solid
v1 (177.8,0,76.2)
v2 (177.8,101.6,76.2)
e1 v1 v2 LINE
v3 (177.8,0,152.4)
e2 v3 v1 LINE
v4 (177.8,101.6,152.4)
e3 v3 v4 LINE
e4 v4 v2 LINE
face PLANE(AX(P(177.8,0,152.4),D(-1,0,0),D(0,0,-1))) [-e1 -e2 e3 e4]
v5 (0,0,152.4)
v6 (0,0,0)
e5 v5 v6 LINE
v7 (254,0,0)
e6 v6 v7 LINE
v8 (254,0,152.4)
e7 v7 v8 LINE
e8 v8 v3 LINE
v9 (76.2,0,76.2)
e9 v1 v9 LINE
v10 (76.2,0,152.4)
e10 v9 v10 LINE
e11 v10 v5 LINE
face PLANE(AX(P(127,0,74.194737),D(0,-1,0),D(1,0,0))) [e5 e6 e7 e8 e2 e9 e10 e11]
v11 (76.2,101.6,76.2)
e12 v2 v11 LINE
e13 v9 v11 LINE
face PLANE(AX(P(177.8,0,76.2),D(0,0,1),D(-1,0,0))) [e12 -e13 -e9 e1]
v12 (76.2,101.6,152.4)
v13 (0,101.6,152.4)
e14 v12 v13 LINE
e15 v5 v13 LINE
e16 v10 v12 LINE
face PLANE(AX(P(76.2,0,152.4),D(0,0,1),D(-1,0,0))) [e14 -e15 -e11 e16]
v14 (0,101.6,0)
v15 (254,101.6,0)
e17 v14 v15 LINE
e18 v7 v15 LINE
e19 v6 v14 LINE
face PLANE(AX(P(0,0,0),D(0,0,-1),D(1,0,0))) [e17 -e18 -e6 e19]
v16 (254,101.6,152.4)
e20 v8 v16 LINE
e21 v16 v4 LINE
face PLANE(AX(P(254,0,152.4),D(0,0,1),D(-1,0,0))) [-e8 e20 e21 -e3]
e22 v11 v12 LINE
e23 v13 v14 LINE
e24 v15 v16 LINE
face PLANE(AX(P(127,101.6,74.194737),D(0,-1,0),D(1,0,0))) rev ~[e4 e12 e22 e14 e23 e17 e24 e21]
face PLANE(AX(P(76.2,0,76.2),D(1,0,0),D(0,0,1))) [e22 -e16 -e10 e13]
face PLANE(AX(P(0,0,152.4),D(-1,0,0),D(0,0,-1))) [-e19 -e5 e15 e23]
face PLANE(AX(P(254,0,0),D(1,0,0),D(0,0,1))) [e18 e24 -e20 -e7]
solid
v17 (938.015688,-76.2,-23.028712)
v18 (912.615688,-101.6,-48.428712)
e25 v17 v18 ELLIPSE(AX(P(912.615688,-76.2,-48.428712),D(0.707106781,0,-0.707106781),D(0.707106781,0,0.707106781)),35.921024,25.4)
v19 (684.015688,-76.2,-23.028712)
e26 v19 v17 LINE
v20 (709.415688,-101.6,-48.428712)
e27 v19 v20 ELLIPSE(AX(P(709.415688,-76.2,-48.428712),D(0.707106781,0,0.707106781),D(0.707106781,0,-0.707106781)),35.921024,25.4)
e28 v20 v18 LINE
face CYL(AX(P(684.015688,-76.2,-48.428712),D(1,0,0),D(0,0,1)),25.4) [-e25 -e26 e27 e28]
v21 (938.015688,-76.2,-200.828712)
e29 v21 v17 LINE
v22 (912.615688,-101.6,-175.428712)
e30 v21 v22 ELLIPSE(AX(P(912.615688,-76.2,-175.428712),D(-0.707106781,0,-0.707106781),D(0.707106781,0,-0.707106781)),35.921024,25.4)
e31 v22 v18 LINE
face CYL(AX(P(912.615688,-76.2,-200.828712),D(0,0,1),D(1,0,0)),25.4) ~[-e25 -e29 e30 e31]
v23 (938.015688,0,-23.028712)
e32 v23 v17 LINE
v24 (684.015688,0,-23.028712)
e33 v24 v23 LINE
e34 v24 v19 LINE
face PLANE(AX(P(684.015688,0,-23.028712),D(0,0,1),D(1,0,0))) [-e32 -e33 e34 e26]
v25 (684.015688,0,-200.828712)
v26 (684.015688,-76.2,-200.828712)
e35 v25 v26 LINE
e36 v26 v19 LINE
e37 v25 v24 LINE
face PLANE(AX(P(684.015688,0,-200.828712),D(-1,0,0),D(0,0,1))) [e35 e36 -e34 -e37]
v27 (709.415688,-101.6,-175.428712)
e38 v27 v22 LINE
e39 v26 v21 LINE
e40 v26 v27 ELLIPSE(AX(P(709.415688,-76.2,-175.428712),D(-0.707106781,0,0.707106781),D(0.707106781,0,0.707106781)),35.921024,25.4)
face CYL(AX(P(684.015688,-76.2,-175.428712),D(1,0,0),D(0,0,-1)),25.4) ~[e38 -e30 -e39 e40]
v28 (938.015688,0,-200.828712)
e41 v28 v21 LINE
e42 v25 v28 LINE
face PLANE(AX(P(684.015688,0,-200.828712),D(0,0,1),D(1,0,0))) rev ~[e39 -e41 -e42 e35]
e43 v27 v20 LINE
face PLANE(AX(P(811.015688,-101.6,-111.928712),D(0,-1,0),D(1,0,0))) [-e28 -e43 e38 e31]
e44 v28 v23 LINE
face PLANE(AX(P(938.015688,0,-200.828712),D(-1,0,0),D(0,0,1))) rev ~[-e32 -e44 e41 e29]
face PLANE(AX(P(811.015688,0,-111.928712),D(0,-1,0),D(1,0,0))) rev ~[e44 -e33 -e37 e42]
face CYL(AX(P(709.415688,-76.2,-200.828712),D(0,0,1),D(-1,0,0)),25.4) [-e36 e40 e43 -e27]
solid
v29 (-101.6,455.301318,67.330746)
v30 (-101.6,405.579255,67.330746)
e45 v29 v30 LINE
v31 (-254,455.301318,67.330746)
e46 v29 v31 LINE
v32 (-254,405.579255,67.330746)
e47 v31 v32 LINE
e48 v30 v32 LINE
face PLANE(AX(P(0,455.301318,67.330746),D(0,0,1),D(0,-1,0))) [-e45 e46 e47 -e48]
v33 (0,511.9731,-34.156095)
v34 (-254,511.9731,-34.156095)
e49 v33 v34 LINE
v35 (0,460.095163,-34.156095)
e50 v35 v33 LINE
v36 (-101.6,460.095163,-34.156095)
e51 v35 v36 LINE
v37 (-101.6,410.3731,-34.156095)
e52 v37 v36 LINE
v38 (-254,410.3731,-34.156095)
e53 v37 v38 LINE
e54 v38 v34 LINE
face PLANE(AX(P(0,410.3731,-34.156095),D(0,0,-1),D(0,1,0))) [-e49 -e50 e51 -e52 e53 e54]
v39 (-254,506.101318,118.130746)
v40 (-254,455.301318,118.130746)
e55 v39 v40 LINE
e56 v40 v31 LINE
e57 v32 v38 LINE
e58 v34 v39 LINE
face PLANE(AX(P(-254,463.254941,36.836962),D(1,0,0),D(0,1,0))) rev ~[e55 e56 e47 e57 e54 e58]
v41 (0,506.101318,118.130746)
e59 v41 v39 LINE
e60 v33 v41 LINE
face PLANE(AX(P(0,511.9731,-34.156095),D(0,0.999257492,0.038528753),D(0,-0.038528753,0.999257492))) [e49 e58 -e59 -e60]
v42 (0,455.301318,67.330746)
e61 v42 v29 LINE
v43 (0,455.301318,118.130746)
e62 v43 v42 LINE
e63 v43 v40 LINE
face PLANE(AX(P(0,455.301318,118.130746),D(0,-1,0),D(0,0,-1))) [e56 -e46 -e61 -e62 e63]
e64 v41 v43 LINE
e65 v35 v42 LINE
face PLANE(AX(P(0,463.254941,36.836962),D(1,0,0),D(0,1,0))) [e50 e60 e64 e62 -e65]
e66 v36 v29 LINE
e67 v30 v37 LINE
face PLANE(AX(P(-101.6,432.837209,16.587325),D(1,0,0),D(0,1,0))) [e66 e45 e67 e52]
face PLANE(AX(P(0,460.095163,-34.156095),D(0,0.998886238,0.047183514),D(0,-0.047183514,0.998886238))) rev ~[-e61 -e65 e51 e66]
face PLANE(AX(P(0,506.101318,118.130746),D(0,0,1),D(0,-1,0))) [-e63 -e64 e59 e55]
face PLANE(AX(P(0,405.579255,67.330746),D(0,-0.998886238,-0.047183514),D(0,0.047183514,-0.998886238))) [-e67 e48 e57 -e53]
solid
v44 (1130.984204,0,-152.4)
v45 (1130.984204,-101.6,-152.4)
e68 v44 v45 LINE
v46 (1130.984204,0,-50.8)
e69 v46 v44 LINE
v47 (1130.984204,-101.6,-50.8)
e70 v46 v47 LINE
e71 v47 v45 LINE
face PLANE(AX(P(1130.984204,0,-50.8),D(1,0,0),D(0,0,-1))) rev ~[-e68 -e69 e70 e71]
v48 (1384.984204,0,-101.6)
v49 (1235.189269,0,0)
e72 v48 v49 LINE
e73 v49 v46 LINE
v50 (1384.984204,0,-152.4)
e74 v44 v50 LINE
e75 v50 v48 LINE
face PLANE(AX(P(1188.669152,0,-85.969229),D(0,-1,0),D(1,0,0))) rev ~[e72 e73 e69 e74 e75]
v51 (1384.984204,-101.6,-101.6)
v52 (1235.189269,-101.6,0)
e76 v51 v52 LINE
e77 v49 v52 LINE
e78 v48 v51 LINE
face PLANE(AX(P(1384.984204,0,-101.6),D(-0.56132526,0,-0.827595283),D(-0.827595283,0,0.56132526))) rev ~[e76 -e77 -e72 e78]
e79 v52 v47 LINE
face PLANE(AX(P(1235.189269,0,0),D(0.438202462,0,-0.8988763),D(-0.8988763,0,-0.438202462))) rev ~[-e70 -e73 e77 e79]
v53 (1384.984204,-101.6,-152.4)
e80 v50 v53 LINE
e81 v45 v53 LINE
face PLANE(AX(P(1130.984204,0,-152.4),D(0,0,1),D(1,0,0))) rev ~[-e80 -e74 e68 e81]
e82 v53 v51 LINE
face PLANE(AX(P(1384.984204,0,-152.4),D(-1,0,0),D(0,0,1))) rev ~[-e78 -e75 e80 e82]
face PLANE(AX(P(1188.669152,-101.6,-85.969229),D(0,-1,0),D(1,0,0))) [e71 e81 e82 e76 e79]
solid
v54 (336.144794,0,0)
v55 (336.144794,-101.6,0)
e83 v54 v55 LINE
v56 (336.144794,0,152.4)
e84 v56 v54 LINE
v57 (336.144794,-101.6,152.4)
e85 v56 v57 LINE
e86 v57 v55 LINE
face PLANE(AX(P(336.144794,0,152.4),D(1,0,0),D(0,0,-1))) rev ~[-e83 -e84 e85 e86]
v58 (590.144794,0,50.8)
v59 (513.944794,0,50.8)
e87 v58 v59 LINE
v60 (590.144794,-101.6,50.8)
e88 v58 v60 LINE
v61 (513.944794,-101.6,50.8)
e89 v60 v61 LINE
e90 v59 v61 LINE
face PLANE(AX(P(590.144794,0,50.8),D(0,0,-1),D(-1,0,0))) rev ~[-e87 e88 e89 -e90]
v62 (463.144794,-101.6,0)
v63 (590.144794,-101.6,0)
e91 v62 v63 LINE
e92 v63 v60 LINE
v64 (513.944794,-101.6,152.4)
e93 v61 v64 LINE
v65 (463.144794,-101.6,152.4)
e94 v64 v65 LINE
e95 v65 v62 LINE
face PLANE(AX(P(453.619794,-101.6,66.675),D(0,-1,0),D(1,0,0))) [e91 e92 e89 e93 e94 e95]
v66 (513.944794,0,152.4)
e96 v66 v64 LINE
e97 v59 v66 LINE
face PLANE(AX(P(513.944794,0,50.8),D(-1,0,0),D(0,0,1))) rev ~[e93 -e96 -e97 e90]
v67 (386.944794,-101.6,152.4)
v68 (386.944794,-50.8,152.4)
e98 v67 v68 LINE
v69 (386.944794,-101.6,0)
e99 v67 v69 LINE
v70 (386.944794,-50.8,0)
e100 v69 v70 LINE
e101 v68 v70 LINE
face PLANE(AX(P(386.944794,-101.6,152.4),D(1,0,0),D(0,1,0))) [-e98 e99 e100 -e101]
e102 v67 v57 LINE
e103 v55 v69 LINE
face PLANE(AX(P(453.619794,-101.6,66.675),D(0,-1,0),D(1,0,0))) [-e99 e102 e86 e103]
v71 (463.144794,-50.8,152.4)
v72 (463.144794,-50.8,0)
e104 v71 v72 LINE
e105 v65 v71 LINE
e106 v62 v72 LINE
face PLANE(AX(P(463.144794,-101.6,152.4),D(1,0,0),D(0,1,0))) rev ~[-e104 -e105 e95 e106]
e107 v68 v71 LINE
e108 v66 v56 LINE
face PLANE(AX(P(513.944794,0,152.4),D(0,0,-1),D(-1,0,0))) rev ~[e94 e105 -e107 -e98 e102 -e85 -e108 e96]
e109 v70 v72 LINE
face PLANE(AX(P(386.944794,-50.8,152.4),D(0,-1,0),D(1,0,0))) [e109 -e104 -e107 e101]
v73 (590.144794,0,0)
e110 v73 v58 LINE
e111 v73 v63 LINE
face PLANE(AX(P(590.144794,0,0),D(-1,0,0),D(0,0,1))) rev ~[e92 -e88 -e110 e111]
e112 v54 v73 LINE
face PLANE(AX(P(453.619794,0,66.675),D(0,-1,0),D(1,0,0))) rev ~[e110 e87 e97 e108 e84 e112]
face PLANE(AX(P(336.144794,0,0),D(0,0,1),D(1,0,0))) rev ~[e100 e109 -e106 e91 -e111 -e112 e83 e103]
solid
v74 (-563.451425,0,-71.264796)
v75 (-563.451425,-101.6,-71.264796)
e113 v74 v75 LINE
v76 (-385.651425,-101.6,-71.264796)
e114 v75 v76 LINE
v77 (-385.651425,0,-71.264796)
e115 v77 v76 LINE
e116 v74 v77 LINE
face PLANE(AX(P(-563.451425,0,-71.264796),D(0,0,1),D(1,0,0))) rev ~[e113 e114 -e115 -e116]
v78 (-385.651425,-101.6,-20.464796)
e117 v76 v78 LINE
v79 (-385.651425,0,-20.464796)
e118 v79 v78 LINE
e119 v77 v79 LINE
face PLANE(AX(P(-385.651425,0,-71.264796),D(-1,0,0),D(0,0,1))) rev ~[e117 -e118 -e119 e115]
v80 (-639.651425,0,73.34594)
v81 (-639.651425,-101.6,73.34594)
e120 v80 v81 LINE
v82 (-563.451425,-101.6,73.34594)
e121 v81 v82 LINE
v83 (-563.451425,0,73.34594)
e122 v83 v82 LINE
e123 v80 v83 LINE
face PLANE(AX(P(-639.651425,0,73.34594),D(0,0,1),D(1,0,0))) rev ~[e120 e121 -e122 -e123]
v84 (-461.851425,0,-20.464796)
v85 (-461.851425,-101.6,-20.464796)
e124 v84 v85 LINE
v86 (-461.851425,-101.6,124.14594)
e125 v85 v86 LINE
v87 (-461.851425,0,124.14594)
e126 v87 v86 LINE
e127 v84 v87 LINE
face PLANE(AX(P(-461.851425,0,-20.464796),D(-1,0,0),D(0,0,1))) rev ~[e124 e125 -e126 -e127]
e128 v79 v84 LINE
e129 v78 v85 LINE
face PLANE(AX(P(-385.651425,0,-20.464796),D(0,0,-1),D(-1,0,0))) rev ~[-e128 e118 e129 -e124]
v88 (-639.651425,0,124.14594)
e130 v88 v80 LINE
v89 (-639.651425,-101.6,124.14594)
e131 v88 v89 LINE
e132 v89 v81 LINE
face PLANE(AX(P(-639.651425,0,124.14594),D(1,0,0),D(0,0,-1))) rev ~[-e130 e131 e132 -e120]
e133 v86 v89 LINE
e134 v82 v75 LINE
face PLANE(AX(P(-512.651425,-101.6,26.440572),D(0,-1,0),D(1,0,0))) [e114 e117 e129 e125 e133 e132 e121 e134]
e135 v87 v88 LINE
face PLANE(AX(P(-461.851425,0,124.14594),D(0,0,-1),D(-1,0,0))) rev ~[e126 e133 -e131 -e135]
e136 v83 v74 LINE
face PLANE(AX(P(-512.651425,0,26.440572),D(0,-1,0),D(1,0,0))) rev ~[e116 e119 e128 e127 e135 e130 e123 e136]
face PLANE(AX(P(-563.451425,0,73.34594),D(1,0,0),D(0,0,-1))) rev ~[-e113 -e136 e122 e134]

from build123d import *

# Parameters (mm, degrees)
F1_DEPTH  = 101.6
F3_DEPTH  = 254
F5_DEPTH  = 101.6
F7_DEPTH  = 101.6
F8_W      = 76.2
F8_H      = 50.8
F9_DEPTH  = 152.4
F11_DEPTH = 101.6
F13_DEPTH = 101.6
F14_W     = 254
F14_H     = 177.8
F15_DEPTH = 101.6
F16_R     = 25.4


with BuildPart() as f1:
    # F0 (on Front) → F1 (new body)
    with BuildSketch(Plane.XZ):
        Polygon((0, 152.4), (0, 0), (254, 0), (254, 152.4), (177.8, 152.4), (177.8, 76.2), (76.2, 76.2), (76.2, 152.4), align=None)
    extrude(amount=-F1_DEPTH)


with BuildPart() as f3:
    # F2 (on Right) → F3 (new body)
    with BuildSketch(Plane.YZ):
        Polygon((405.579255, 67.330746), (410.3731, -34.156095), (511.9731, -34.156095), (506.101318, 118.130746), (455.301318, 118.130746), (455.301318, 67.330746), align=None)
    extrude(amount=-F3_DEPTH)

    # F4 (on face) → F5 (cut)
    with BuildSketch(Plane.YZ):
        Polygon((460.095163, -34.156095), (455.301318, 67.330746), (405.579255, 67.330746), (410.3731, -34.156095), align=None)
    extrude(amount=-F5_DEPTH, mode=Mode.SUBTRACT)


with BuildPart() as f7:
    # F6 (on Front) → F7 (new body)
    with BuildSketch(Plane.XZ):
        Polygon((336.144794, 152.4), (336.144794, 0), (590.144794, 0), (590.144794, 50.8), (513.944794, 50.8), (513.944794, 152.4), align=None)
    extrude(amount=F7_DEPTH)

    # F8 (on face) → F9 (cut)
    with BuildSketch(Plane.XY.offset(152.4)):
        with Locations((425.044794, -76.2)):
            Rectangle(F8_W, F8_H)
    extrude(amount=-F9_DEPTH, mode=Mode.SUBTRACT)


with BuildPart() as f11:
    # F10 (on Front) → F11 (new body)
    with BuildSketch(Plane.XZ):
        Polygon((-461.851425, 124.14594), (-639.651425, 124.14594), (-639.651425, 73.34594), (-563.451425, 73.34594), (-563.451425, -71.264796), (-385.651425, -71.264796), (-385.651425, -20.464796), (-461.851425, -20.464796), align=None)
    extrude(amount=F11_DEPTH)


with BuildPart() as f13:
    # F12 (on Front) → F13 (new body)
    with BuildSketch(Plane.XZ):
        Polygon((1130.984204, -50.8), (1130.984204, -152.4), (1235.189269, -152.4), (1235.189269, 0), align=None)
        Polygon((1235.189269, 0), (1235.189269, -152.4), (1384.984204, -152.4), (1384.984204, -101.6), align=None)
    extrude(amount=F13_DEPTH)


with BuildPart() as f15:
    # F14 (on Front) → F15 (new body)
    with BuildSketch(Plane.XZ):
        with Locations((811.015688, -111.928712)):
            Rectangle(F14_W, F14_H)
    extrude(amount=F15_DEPTH)

    # F16
    f16_edges = [f15.edges().sort_by_distance(p)[0] for p in [
        (811.015688, -101.6, -23.028712),
        (684.015688, -101.6, -111.928712),
        (811.015688, -101.6, -200.828712),
        (938.015688, -101.6, -111.928712),
    ]]
    fillet(f16_edges, radius=F16_R)


solid = Compound([f1.part, f3.part, f7.part, f11.part, f13.part, f15.part])
